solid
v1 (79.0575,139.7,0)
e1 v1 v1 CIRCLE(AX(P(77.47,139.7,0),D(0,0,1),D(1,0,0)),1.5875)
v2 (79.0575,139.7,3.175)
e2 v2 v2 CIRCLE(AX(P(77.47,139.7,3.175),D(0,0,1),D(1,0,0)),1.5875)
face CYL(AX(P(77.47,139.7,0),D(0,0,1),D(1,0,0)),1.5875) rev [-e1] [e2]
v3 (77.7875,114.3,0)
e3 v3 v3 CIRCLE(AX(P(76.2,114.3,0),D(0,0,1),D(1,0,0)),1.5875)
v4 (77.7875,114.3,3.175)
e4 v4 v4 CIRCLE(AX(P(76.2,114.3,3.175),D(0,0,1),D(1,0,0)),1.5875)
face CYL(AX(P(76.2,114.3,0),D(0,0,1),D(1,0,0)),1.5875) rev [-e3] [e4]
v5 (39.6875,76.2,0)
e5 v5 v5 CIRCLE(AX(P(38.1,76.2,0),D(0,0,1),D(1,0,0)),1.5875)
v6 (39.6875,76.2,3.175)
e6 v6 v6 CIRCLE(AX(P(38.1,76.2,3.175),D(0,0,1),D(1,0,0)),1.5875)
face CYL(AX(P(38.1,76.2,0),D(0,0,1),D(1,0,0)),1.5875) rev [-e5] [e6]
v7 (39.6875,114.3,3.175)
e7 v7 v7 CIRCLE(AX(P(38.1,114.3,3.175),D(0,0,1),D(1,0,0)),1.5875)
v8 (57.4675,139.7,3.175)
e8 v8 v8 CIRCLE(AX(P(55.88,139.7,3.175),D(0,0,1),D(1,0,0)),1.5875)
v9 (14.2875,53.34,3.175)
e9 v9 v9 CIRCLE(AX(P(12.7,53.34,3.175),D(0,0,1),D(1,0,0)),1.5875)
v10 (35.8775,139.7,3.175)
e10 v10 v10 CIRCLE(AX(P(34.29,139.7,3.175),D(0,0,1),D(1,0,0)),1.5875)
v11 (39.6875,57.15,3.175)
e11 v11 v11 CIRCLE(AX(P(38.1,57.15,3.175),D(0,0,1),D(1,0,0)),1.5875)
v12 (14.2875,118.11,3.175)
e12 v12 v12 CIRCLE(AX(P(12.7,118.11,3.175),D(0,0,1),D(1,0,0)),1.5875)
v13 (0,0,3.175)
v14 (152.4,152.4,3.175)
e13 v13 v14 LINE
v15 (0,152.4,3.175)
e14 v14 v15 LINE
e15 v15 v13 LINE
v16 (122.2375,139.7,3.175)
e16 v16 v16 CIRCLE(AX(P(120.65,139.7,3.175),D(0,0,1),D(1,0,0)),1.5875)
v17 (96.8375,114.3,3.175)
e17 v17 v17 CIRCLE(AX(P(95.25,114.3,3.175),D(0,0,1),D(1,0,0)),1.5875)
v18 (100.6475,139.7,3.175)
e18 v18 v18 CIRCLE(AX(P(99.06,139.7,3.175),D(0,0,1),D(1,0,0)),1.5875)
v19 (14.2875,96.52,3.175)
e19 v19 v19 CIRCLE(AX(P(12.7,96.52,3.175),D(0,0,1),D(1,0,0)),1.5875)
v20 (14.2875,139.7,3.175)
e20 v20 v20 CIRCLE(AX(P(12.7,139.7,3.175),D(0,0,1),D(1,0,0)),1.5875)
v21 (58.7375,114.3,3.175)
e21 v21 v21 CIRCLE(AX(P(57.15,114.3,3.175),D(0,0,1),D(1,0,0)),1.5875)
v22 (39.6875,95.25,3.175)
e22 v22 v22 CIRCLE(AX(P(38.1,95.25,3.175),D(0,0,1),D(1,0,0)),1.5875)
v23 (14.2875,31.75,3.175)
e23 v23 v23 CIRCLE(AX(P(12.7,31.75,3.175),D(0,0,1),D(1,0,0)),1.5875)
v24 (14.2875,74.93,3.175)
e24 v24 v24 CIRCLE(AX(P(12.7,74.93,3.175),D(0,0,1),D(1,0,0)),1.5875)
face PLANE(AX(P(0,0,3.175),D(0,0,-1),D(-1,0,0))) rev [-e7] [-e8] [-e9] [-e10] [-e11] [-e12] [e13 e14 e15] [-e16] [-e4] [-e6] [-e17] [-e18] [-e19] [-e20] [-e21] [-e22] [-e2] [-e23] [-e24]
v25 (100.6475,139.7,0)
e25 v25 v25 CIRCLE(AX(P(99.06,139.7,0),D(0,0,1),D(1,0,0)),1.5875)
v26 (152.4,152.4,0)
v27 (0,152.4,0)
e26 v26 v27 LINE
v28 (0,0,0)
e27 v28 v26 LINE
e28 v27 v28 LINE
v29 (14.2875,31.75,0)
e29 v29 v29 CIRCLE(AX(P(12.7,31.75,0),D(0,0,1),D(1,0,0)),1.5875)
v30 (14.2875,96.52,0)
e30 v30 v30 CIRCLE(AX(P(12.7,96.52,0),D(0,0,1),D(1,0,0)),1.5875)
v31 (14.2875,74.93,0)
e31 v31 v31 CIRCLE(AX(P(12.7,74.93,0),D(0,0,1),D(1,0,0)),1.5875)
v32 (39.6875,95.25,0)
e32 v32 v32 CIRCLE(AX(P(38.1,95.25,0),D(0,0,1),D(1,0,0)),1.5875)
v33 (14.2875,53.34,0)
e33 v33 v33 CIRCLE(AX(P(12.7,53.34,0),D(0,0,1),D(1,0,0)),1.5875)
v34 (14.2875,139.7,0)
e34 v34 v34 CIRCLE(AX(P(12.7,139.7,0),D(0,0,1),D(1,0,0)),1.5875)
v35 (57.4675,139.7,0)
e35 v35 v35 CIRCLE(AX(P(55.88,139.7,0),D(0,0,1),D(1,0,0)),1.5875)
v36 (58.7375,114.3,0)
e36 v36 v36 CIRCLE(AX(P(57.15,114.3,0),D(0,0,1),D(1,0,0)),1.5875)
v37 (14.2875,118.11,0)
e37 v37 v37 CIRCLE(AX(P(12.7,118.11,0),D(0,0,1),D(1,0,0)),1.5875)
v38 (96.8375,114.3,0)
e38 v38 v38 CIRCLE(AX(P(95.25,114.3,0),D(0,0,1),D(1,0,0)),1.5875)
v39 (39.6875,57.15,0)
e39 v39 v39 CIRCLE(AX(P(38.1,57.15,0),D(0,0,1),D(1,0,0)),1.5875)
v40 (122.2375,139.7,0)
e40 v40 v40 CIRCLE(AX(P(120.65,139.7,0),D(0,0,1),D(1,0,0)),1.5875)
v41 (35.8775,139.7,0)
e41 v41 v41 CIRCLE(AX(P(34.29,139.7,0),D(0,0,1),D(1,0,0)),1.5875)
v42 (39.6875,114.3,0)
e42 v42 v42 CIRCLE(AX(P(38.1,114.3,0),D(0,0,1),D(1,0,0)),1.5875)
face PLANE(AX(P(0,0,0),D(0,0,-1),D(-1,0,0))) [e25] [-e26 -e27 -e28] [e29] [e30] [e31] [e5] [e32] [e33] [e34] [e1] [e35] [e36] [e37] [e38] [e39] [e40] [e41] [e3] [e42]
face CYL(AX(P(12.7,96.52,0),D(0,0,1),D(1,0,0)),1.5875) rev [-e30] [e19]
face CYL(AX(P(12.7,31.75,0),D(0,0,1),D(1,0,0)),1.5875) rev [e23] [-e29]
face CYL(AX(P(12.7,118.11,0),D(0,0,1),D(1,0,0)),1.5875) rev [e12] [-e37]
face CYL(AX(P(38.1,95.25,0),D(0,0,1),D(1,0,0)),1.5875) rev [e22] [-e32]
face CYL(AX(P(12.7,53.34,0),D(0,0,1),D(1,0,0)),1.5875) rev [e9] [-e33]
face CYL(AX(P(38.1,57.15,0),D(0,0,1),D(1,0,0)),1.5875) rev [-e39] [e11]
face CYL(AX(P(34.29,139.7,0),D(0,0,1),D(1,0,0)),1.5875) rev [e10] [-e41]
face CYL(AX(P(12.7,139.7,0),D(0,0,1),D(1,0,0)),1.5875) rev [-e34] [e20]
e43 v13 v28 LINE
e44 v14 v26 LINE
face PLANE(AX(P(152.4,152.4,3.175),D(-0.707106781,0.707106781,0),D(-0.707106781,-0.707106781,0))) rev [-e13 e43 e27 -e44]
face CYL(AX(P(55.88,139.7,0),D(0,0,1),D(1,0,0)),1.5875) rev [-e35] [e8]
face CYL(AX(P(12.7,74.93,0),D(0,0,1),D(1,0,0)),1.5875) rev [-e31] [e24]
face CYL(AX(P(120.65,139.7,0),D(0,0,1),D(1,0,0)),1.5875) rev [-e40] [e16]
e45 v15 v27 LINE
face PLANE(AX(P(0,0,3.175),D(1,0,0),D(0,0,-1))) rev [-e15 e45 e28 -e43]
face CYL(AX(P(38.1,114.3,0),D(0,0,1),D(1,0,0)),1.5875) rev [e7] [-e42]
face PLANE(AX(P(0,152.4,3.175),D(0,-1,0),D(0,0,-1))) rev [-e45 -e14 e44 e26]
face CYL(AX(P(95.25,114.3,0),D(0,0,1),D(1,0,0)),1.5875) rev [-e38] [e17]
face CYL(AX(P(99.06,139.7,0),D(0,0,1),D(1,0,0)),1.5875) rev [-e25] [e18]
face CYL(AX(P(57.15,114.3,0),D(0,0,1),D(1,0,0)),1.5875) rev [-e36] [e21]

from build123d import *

# Parameters (mm, degrees)
BOSS_EXTRUDE1_DEPTH = 3.175
SKETCH2_R           = 1.5875
CUT_EXTRUDE_R_DEPTH = 216.549531721


with BuildPart() as part:
    # Sketch1 → Boss-Extrude1 (new body)
    with BuildSketch(Plane.XY):
        Polygon((0, 0), (0, 152.4), (152.4, 152.4), align=None)
    extrude(amount=BOSS_EXTRUDE1_DEPTH)

    # Sketch2 → Cut-Extrude r (cut, through all)
    with BuildSketch(Plane.XY.offset(3.175)):
        with Locations((12.7, 139.7)):
            Circle(SKETCH2_R)
        with Locations((34.29, 139.7)):
            Circle(SKETCH2_R)
        with Locations((55.88, 139.7)):
            Circle(SKETCH2_R)
        with Locations((77.47, 139.7)):
            Circle(SKETCH2_R)
        with Locations((12.7, 118.11)):
            Circle(SKETCH2_R)
        with Locations((12.7, 96.52)):
            Circle(SKETCH2_R)
        with Locations((12.7, 74.93)):
            Circle(SKETCH2_R)
        with Locations((38.1, 114.3)):
            Circle(SKETCH2_R)
        with Locations((57.15, 114.3)):
            Circle(SKETCH2_R)
        with Locations((38.1, 95.25)):
            Circle(SKETCH2_R)
        with Locations((99.06, 139.7)):
            Circle(SKETCH2_R)
        with Locations((120.65, 139.7)):
            Circle(SKETCH2_R)
        with Locations((12.7, 53.34)):
            Circle(SKETCH2_R)
        with Locations((12.7, 31.75)):
            Circle(SKETCH2_R)
        with Locations((76.2, 114.3)):
            Circle(SKETCH2_R)
        with Locations((95.25, 114.3)):
            Circle(SKETCH2_R)
        with Locations((38.1, 76.2)):
            Circle(SKETCH2_R)
        with Locations((38.1, 57.15)):
            Circle(SKETCH2_R)
    extrude(amount=-CUT_EXTRUDE_R_DEPTH, mode=Mode.SUBTRACT)


solid = part.part
